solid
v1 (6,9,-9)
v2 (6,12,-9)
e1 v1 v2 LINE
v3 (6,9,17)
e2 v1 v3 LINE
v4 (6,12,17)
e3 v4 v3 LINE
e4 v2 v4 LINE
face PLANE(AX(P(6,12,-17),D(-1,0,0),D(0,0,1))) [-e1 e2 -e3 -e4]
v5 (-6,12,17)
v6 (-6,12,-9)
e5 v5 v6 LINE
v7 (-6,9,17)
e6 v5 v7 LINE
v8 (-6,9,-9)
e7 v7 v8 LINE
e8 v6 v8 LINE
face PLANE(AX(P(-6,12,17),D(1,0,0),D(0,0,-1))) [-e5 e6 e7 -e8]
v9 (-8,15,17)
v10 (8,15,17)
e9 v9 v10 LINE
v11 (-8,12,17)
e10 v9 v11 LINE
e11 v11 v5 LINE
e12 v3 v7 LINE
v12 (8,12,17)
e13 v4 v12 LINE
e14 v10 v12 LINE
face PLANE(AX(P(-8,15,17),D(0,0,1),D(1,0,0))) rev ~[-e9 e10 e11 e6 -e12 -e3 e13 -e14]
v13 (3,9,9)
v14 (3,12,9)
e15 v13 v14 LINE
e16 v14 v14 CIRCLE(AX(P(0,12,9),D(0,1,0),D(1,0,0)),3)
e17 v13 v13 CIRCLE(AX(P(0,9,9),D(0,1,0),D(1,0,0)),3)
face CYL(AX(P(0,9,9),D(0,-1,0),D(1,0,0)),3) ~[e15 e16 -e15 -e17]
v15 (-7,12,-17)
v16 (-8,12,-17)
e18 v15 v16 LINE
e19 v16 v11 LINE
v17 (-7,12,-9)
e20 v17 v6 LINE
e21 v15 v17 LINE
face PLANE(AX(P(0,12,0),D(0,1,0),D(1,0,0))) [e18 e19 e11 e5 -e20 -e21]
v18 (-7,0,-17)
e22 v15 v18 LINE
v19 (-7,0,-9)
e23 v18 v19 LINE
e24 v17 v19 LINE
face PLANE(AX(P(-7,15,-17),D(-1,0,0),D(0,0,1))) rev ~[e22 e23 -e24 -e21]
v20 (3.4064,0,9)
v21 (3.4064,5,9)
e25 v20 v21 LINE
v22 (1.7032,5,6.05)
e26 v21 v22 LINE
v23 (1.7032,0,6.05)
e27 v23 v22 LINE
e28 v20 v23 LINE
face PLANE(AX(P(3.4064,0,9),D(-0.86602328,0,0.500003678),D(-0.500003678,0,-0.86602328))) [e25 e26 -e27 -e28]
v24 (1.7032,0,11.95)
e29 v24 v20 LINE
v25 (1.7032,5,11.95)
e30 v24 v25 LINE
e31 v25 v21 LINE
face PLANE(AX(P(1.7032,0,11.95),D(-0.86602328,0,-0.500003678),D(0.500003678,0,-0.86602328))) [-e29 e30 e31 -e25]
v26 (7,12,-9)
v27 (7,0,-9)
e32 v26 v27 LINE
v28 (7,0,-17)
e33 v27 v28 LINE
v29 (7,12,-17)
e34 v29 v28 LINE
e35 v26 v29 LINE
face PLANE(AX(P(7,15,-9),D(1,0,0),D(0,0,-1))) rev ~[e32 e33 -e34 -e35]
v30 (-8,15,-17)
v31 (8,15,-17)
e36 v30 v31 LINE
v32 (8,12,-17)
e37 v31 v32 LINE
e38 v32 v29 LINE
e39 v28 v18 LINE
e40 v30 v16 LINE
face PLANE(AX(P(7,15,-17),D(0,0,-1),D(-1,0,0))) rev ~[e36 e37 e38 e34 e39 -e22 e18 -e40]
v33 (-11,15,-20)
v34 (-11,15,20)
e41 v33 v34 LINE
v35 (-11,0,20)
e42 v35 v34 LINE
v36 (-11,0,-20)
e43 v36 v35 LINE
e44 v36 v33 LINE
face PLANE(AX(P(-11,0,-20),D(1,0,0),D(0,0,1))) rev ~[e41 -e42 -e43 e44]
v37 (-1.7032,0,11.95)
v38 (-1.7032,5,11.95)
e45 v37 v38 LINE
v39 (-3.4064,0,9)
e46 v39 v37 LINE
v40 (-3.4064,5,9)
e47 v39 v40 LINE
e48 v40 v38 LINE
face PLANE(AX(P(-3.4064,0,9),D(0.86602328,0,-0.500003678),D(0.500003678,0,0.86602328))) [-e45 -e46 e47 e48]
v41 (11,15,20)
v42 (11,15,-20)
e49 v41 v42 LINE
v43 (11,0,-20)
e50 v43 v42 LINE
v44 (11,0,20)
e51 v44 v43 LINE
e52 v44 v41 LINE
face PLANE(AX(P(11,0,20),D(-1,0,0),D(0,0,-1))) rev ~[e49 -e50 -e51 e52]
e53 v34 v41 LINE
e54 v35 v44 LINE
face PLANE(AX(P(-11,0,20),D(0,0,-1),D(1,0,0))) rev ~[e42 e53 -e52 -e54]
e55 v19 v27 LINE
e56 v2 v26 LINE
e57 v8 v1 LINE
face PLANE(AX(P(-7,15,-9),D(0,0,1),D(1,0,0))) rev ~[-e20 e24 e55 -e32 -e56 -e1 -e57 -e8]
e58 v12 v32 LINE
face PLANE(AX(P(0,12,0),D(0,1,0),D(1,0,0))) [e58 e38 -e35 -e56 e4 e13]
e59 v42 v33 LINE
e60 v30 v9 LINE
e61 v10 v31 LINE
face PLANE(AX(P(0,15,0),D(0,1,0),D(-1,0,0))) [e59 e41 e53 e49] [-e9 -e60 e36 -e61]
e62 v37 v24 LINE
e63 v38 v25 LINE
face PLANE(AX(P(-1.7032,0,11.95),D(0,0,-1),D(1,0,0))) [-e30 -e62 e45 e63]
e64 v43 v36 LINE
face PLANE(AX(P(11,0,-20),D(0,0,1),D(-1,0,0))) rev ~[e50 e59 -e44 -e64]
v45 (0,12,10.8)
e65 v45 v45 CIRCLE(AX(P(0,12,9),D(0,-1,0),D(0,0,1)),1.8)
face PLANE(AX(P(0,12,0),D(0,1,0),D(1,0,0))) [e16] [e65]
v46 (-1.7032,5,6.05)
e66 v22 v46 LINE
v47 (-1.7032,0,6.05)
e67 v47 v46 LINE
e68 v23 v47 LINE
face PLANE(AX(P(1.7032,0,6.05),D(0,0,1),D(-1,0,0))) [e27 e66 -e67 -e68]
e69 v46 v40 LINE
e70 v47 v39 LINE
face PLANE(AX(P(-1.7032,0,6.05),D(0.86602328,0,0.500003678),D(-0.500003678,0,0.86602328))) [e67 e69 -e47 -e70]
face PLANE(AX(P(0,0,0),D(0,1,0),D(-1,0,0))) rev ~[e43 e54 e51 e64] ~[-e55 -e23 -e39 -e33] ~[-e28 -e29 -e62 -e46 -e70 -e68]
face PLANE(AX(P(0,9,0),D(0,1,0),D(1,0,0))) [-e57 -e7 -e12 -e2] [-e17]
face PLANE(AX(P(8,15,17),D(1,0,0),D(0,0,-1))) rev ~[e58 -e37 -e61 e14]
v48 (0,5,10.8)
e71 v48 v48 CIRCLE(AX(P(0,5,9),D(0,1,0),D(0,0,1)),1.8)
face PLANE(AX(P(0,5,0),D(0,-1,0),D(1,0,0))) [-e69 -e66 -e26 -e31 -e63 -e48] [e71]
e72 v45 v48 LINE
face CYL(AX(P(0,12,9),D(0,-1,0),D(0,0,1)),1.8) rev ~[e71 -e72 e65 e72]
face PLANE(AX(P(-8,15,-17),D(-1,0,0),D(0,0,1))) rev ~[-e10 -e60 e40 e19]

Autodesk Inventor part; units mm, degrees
ref_plane "YZ Plane" through (0, 0, 0) normal (1, 0, 0) x (0, 1, 0)
ref_plane "XZ Plane" through (0, 0, 0) normal (0, 1, 0) x (-1, 0, 0)
ref_plane "XY Plane" through (0, 0, 0) normal (0, 0, 1) x (1, 0, 0)
sketch "Sketch1" plane through (0, 0, 0) normal (0, 1, 0) x (-1, 0, 0)
  line L0 (11, 20) -> (-11, 20)
  line L1 (-11, 20) -> (-11, -20)
  line L2 (-11, -20) -> (11, -20)
  line L3 (11, -20) -> (11, 20)
  line L4 (11, 20) -> (-11, -20) construction
  line L5 (-11, 20) -> (11, -20) construction
  dimension "d0" = 22
  dimension "d1" = 40
extrude "Extrusion1" add sketch "Sketch1" along normal blind 15
sketch "Sketch2" plane through (0, 15, 0) normal (0, 1, 0) x (1, 0, 0)
  line L0 (-8, -17) -> (8, -17)
  line L1 (8, -17) -> (8, 17)
  line L2 (8, 17) -> (-8, 17)
  line L3 (-8, 17) -> (-8, -17)
  line L4 (-8, -17) -> (8, 17) construction
  line L5 (8, -17) -> (-8, 17) construction
  point P0 (0, 0)
  dimension "d6" = 16
  dimension "d7" = 34
extrude "Extrusion2" cut sketch "Sketch2" against normal blind 3
sketch "Sketch3" plane through (0, 12, 0) normal (0, 1, 0) x (1, 0, 0)
  line L0 (6, -17) -> (-6, -17)
  line L1 (-6, -17) -> (-6, 17)
  line L2 (-6, 17) -> (6, 17)
  line L3 (6, 17) -> (6, -17)
  line L4 (6, -17) -> (-6, 17) construction
  line L5 (-6, -17) -> (6, 17) construction
  point P0 (0, 0)
  dimension "d10" = 12
  dimension "d11" = 34
extrude "Extrusion3" cut sketch "Sketch3" against normal blind 3
sketch "Sketch4" plane through (0, 15, 0) normal (0, 1, 0) x (1, 0, 0)
  line L0 (-7, 9) -> (7, 9)
  line L1 (7, 9) -> (7, 17)
  line L2 (7, 17) -> (-7, 17)
  line L3 (-7, 17) -> (-7, 9)
  line L4 (-7, 9) -> (7, 17) construction
  line L5 (7, 9) -> (-7, 17) construction
  point P0 (0, 0)
  point P1 (0, 13)
  dimension "d14" = 14
  dimension "d15" = 8
extrude "Extrusion4" cut sketch "Sketch4" against normal through all
sketch "Sketch5" plane through (0, 9, 0) normal (0, 1, 0) x (1, 0, 0)
  circle A0 centre (0, -9) radius 3
  point P0 (0, 0)
  dimension "d18" = 6
extrude "Extrusion5" add sketch "Sketch5" along normal up to surface (3 mm away)
sketch "Sketch6" plane through (0, 12, 9) normal (0, 1, 0) x (1, 0, 0)
  point P0 (0, 9)
  point P1 (0, 0)
  point P2 (0, 0)
hole "Hole1" at (0, 12, 9) direction (0, -1, 0) diameter 3.6 end through all clearance for "Socket Head Cap Screw DIN EN ISO 4762" size "M3" standard "DIN"
sketch "Sketch7" plane through (0, 0, 0) normal (0, -1, 0) x (1, 0, 0)
  circle A0 centre (0, 9) radius 1.8 projected
  line L0 (1.7032, 11.95) -> (3.4064, 9)
  line L1 (3.4064, 9) -> (1.7032, 6.05)
  line L2 (1.7032, 6.05) -> (-1.7032, 6.05)
  line L3 (-1.7032, 6.05) -> (-3.4064, 9)
  line L4 (-3.4064, 9) -> (-1.7032, 11.95)
  line L5 (-1.7032, 11.95) -> (1.7032, 11.95)
  point P0 (0, 0)
  point P1 (0, 11.95)
extrude "Extrusion6" cut sketch "Sketch7" against normal blind 5
properties part number "Holder"
